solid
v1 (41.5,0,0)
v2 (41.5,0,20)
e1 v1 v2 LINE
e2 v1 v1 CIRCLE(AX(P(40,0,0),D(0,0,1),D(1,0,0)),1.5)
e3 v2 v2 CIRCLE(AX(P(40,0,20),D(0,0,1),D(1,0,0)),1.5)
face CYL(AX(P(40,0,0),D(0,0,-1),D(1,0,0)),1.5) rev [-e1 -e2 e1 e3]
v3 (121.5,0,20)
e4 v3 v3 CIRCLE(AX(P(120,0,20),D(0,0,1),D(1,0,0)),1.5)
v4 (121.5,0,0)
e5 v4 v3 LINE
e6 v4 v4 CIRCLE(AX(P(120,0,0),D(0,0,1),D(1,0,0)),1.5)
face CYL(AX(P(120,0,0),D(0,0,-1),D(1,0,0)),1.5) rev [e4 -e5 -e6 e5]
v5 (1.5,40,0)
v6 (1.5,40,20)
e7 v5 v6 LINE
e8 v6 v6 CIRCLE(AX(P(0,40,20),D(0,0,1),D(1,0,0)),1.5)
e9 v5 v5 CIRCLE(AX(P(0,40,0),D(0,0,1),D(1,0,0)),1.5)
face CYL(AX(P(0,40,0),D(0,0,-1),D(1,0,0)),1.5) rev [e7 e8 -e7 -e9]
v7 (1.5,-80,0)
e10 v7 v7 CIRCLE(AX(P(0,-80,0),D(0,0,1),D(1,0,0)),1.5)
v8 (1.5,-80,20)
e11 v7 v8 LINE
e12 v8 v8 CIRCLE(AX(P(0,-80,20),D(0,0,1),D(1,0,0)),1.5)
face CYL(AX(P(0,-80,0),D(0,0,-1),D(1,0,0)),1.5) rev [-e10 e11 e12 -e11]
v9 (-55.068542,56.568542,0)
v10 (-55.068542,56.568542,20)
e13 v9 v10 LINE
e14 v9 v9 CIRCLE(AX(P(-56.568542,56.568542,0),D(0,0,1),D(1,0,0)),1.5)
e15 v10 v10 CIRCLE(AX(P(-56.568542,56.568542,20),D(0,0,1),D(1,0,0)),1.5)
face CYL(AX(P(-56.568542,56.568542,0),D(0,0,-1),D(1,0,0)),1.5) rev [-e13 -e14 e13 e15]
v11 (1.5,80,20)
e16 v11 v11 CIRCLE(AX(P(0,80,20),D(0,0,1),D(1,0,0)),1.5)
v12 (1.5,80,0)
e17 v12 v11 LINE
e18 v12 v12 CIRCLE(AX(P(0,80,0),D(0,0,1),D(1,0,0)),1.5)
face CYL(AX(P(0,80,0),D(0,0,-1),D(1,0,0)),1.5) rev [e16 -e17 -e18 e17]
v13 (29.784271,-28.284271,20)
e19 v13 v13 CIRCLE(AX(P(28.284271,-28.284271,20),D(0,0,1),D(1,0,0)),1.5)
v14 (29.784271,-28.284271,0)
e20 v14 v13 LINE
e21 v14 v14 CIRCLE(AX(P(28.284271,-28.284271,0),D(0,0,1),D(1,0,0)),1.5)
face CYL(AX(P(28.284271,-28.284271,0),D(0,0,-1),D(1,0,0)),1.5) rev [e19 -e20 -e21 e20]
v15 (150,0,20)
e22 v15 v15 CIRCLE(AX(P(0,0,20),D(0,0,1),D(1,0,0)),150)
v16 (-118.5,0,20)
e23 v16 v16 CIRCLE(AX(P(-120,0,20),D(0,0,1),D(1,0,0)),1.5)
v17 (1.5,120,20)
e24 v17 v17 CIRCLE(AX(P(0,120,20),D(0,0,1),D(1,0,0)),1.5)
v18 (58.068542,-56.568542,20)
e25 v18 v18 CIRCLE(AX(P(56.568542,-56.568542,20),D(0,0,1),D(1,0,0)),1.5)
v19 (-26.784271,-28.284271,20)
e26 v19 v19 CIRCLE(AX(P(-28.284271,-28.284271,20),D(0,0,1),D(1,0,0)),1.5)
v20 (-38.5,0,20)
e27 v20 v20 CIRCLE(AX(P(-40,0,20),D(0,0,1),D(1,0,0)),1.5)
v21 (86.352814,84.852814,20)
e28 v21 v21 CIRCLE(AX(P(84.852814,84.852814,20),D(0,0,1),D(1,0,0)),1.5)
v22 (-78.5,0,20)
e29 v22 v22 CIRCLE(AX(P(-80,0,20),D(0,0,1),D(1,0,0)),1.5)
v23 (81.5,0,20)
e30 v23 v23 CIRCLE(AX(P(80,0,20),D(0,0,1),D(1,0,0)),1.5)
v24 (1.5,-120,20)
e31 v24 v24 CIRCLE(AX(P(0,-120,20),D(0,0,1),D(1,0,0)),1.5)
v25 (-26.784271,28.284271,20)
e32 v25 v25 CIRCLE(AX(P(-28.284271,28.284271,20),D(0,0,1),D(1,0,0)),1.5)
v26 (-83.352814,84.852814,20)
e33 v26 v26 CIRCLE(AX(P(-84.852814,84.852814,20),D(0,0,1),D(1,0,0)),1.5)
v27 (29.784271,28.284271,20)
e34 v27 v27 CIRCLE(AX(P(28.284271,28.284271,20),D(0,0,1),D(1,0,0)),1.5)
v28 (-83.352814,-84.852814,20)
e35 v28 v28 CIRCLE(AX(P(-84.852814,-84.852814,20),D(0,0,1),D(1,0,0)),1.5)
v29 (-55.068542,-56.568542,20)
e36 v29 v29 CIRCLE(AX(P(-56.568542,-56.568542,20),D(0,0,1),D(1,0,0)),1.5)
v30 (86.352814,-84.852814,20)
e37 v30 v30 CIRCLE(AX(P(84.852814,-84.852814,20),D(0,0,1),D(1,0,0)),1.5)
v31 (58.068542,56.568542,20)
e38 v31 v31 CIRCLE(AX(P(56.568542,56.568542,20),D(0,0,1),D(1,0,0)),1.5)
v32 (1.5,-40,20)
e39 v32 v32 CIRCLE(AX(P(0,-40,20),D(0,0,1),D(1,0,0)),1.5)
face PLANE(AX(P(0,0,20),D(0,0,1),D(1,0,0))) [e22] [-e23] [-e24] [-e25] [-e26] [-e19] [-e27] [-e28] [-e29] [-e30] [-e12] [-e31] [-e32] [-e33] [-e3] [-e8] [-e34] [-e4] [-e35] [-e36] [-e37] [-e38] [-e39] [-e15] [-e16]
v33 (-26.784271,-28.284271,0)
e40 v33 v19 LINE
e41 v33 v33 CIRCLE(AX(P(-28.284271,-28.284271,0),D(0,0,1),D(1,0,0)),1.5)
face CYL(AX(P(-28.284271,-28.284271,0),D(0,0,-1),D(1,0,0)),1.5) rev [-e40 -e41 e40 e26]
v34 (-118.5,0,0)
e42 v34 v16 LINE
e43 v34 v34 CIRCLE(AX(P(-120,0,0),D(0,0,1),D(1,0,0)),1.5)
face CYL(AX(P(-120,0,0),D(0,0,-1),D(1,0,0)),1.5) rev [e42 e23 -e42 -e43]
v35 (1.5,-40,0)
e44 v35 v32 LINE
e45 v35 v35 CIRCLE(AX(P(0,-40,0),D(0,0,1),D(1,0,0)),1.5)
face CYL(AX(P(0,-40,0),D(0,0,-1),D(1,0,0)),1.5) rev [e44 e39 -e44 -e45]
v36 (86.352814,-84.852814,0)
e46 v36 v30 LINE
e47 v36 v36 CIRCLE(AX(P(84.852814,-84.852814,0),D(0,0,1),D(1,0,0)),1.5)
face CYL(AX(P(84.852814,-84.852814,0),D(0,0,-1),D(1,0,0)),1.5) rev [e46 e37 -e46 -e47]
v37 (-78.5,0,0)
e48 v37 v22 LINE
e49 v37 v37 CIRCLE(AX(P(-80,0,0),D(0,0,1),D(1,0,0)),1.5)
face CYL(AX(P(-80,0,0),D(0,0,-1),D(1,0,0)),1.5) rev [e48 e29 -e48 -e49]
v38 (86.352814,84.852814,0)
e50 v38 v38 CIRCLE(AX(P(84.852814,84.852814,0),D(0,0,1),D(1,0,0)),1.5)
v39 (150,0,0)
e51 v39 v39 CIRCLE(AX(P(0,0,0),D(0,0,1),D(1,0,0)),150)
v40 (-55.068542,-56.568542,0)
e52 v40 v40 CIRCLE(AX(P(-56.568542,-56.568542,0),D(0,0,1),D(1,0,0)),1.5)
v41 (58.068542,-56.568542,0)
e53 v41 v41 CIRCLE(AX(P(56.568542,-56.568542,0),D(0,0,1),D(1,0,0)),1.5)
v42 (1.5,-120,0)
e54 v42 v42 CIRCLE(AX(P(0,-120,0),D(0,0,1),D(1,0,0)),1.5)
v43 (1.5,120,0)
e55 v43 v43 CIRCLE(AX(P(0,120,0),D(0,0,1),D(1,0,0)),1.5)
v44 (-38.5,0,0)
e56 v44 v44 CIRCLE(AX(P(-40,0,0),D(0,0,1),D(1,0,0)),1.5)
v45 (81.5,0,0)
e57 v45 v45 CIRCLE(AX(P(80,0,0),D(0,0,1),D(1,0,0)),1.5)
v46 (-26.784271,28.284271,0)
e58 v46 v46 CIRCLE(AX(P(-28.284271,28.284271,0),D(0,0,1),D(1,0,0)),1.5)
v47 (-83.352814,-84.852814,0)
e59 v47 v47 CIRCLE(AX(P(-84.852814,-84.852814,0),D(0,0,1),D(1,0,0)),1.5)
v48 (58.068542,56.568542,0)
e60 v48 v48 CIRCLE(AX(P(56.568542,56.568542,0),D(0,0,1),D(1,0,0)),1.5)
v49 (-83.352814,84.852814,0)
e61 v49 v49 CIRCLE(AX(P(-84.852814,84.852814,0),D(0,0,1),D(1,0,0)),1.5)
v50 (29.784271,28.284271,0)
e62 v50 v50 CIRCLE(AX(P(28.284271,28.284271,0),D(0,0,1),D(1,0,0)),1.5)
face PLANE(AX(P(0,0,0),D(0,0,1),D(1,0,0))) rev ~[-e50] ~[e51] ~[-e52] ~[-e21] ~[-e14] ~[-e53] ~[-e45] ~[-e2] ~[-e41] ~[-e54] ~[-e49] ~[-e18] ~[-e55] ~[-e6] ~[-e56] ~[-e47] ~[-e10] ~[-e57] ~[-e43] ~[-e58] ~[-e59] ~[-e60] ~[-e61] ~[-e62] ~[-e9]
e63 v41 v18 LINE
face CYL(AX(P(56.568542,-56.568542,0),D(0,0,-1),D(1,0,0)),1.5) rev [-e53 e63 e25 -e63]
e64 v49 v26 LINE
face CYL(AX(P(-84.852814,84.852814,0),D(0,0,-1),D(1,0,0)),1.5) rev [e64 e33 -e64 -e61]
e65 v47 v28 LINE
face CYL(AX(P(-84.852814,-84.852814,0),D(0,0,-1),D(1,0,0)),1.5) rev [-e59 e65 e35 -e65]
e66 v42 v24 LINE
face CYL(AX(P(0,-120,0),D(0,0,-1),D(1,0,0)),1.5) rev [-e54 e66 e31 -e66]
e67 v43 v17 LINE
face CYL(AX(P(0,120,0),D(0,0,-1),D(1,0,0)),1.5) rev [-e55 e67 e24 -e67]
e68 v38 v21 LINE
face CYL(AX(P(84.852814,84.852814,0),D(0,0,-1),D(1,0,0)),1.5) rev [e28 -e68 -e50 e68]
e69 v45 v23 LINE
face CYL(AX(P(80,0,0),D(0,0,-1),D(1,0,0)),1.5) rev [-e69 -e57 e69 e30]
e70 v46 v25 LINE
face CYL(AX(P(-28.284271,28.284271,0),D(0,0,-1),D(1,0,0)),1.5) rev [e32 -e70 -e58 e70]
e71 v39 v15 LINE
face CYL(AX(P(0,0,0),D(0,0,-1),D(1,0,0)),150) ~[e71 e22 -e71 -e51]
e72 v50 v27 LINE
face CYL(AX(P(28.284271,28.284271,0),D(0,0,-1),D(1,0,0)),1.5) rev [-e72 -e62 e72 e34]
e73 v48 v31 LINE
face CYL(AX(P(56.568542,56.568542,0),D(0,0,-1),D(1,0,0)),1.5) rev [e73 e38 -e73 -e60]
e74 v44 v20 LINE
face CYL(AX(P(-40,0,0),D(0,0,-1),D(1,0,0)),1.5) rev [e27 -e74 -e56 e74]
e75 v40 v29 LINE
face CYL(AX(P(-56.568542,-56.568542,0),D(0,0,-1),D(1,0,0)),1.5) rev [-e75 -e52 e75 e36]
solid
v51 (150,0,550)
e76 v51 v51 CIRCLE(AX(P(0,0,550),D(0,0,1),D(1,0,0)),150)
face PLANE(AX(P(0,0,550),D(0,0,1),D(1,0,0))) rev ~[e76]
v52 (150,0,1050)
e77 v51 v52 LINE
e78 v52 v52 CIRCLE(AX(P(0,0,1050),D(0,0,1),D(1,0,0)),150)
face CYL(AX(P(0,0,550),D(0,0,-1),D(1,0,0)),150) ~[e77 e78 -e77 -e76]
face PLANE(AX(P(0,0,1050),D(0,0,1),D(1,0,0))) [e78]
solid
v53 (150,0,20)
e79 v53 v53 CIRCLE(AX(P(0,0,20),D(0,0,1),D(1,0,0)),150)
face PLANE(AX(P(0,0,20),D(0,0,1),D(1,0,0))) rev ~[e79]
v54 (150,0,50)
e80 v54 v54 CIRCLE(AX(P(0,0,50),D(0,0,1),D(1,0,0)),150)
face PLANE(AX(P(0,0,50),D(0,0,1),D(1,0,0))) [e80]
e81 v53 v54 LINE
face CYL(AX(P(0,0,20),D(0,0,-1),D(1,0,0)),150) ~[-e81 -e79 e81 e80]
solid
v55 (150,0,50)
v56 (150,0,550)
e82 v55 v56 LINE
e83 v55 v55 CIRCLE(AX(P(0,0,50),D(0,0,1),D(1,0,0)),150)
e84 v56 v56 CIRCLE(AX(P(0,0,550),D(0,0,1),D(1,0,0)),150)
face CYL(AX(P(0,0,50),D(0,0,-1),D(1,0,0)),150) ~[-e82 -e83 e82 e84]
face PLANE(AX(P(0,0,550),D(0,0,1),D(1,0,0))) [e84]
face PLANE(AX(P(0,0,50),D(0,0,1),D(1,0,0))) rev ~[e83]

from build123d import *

# Parameters (mm, degrees)
F0_R     = 150
F0_R_2   = 1.5
F1_DEPTH = 20
F2_R     = 150
F3_DEPTH = 30
F4_R     = 150
F5_DEPTH = 500
F6_R     = 150
F7_DEPTH = 500


with BuildPart() as f1:
    # F0 (on Top) → F1 (new body)
    with BuildSketch(Plane.XY):
        Circle(F0_R)
        with Locations((-84.852814, -84.852814)):
            Circle(F0_R_2, mode=Mode.SUBTRACT)
        with Locations((-56.568542, -56.568542)):
            Circle(F0_R_2, mode=Mode.SUBTRACT)
        with Locations((-28.284271, -28.284271)):
            Circle(F0_R_2, mode=Mode.SUBTRACT)
        with Locations((0, -120)):
            Circle(F0_R_2, mode=Mode.SUBTRACT)
        with Locations((0, -80)):
            Circle(F0_R_2, mode=Mode.SUBTRACT)
        with Locations((84.852814, -84.852814)):
            Circle(F0_R_2, mode=Mode.SUBTRACT)
        with Locations((0, -40)):
            Circle(F0_R_2, mode=Mode.SUBTRACT)
        with Locations((56.568542, -56.568542)):
            Circle(F0_R_2, mode=Mode.SUBTRACT)
        with Locations((28.284271, -28.284271)):
            Circle(F0_R_2, mode=Mode.SUBTRACT)
        with Locations((-120, 0)):
            Circle(F0_R_2, mode=Mode.SUBTRACT)
        with Locations((-80, 0)):
            Circle(F0_R_2, mode=Mode.SUBTRACT)
        with Locations((-40, 0)):
            Circle(F0_R_2, mode=Mode.SUBTRACT)
        with Locations((-28.284271, 28.284271)):
            Circle(F0_R_2, mode=Mode.SUBTRACT)
        with Locations((-56.568542, 56.568542)):
            Circle(F0_R_2, mode=Mode.SUBTRACT)
        with Locations((-84.852814, 84.852814)):
            Circle(F0_R_2, mode=Mode.SUBTRACT)
        with Locations((28.284271, 28.284271)):
            Circle(F0_R_2, mode=Mode.SUBTRACT)
        with Locations((40, 0)):
            Circle(F0_R_2, mode=Mode.SUBTRACT)
        with Locations((0, 40)):
            Circle(F0_R_2, mode=Mode.SUBTRACT)
        with Locations((56.568542, 56.568542)):
            Circle(F0_R_2, mode=Mode.SUBTRACT)
        with Locations((80, 0)):
            Circle(F0_R_2, mode=Mode.SUBTRACT)
        with Locations((120, 0)):
            Circle(F0_R_2, mode=Mode.SUBTRACT)
        with Locations((0, 80)):
            Circle(F0_R_2, mode=Mode.SUBTRACT)
        with Locations((0, 120)):
            Circle(F0_R_2, mode=Mode.SUBTRACT)
        with Locations((84.852814, 84.852814)):
            Circle(F0_R_2, mode=Mode.SUBTRACT)
    extrude(amount=F1_DEPTH)


with BuildPart() as f3:
    # F2 (on face) → F3 (new body)
    with BuildSketch(Plane.XY.offset(20)):
        Circle(F2_R)
    extrude(amount=F3_DEPTH)


with BuildPart() as f5:
    # F4 (on face) → F5 (new body)
    with BuildSketch(Plane.XY.offset(50)):
        Circle(F4_R)
    extrude(amount=F5_DEPTH)


with BuildPart() as f7:
    # F6 (on face) → F7 (new body)
    with BuildSketch(Plane.XY.offset(550)):
        Circle(F6_R)
    extrude(amount=F7_DEPTH)


solid = Compound([f1.part, f3.part, f5.part, f7.part])
